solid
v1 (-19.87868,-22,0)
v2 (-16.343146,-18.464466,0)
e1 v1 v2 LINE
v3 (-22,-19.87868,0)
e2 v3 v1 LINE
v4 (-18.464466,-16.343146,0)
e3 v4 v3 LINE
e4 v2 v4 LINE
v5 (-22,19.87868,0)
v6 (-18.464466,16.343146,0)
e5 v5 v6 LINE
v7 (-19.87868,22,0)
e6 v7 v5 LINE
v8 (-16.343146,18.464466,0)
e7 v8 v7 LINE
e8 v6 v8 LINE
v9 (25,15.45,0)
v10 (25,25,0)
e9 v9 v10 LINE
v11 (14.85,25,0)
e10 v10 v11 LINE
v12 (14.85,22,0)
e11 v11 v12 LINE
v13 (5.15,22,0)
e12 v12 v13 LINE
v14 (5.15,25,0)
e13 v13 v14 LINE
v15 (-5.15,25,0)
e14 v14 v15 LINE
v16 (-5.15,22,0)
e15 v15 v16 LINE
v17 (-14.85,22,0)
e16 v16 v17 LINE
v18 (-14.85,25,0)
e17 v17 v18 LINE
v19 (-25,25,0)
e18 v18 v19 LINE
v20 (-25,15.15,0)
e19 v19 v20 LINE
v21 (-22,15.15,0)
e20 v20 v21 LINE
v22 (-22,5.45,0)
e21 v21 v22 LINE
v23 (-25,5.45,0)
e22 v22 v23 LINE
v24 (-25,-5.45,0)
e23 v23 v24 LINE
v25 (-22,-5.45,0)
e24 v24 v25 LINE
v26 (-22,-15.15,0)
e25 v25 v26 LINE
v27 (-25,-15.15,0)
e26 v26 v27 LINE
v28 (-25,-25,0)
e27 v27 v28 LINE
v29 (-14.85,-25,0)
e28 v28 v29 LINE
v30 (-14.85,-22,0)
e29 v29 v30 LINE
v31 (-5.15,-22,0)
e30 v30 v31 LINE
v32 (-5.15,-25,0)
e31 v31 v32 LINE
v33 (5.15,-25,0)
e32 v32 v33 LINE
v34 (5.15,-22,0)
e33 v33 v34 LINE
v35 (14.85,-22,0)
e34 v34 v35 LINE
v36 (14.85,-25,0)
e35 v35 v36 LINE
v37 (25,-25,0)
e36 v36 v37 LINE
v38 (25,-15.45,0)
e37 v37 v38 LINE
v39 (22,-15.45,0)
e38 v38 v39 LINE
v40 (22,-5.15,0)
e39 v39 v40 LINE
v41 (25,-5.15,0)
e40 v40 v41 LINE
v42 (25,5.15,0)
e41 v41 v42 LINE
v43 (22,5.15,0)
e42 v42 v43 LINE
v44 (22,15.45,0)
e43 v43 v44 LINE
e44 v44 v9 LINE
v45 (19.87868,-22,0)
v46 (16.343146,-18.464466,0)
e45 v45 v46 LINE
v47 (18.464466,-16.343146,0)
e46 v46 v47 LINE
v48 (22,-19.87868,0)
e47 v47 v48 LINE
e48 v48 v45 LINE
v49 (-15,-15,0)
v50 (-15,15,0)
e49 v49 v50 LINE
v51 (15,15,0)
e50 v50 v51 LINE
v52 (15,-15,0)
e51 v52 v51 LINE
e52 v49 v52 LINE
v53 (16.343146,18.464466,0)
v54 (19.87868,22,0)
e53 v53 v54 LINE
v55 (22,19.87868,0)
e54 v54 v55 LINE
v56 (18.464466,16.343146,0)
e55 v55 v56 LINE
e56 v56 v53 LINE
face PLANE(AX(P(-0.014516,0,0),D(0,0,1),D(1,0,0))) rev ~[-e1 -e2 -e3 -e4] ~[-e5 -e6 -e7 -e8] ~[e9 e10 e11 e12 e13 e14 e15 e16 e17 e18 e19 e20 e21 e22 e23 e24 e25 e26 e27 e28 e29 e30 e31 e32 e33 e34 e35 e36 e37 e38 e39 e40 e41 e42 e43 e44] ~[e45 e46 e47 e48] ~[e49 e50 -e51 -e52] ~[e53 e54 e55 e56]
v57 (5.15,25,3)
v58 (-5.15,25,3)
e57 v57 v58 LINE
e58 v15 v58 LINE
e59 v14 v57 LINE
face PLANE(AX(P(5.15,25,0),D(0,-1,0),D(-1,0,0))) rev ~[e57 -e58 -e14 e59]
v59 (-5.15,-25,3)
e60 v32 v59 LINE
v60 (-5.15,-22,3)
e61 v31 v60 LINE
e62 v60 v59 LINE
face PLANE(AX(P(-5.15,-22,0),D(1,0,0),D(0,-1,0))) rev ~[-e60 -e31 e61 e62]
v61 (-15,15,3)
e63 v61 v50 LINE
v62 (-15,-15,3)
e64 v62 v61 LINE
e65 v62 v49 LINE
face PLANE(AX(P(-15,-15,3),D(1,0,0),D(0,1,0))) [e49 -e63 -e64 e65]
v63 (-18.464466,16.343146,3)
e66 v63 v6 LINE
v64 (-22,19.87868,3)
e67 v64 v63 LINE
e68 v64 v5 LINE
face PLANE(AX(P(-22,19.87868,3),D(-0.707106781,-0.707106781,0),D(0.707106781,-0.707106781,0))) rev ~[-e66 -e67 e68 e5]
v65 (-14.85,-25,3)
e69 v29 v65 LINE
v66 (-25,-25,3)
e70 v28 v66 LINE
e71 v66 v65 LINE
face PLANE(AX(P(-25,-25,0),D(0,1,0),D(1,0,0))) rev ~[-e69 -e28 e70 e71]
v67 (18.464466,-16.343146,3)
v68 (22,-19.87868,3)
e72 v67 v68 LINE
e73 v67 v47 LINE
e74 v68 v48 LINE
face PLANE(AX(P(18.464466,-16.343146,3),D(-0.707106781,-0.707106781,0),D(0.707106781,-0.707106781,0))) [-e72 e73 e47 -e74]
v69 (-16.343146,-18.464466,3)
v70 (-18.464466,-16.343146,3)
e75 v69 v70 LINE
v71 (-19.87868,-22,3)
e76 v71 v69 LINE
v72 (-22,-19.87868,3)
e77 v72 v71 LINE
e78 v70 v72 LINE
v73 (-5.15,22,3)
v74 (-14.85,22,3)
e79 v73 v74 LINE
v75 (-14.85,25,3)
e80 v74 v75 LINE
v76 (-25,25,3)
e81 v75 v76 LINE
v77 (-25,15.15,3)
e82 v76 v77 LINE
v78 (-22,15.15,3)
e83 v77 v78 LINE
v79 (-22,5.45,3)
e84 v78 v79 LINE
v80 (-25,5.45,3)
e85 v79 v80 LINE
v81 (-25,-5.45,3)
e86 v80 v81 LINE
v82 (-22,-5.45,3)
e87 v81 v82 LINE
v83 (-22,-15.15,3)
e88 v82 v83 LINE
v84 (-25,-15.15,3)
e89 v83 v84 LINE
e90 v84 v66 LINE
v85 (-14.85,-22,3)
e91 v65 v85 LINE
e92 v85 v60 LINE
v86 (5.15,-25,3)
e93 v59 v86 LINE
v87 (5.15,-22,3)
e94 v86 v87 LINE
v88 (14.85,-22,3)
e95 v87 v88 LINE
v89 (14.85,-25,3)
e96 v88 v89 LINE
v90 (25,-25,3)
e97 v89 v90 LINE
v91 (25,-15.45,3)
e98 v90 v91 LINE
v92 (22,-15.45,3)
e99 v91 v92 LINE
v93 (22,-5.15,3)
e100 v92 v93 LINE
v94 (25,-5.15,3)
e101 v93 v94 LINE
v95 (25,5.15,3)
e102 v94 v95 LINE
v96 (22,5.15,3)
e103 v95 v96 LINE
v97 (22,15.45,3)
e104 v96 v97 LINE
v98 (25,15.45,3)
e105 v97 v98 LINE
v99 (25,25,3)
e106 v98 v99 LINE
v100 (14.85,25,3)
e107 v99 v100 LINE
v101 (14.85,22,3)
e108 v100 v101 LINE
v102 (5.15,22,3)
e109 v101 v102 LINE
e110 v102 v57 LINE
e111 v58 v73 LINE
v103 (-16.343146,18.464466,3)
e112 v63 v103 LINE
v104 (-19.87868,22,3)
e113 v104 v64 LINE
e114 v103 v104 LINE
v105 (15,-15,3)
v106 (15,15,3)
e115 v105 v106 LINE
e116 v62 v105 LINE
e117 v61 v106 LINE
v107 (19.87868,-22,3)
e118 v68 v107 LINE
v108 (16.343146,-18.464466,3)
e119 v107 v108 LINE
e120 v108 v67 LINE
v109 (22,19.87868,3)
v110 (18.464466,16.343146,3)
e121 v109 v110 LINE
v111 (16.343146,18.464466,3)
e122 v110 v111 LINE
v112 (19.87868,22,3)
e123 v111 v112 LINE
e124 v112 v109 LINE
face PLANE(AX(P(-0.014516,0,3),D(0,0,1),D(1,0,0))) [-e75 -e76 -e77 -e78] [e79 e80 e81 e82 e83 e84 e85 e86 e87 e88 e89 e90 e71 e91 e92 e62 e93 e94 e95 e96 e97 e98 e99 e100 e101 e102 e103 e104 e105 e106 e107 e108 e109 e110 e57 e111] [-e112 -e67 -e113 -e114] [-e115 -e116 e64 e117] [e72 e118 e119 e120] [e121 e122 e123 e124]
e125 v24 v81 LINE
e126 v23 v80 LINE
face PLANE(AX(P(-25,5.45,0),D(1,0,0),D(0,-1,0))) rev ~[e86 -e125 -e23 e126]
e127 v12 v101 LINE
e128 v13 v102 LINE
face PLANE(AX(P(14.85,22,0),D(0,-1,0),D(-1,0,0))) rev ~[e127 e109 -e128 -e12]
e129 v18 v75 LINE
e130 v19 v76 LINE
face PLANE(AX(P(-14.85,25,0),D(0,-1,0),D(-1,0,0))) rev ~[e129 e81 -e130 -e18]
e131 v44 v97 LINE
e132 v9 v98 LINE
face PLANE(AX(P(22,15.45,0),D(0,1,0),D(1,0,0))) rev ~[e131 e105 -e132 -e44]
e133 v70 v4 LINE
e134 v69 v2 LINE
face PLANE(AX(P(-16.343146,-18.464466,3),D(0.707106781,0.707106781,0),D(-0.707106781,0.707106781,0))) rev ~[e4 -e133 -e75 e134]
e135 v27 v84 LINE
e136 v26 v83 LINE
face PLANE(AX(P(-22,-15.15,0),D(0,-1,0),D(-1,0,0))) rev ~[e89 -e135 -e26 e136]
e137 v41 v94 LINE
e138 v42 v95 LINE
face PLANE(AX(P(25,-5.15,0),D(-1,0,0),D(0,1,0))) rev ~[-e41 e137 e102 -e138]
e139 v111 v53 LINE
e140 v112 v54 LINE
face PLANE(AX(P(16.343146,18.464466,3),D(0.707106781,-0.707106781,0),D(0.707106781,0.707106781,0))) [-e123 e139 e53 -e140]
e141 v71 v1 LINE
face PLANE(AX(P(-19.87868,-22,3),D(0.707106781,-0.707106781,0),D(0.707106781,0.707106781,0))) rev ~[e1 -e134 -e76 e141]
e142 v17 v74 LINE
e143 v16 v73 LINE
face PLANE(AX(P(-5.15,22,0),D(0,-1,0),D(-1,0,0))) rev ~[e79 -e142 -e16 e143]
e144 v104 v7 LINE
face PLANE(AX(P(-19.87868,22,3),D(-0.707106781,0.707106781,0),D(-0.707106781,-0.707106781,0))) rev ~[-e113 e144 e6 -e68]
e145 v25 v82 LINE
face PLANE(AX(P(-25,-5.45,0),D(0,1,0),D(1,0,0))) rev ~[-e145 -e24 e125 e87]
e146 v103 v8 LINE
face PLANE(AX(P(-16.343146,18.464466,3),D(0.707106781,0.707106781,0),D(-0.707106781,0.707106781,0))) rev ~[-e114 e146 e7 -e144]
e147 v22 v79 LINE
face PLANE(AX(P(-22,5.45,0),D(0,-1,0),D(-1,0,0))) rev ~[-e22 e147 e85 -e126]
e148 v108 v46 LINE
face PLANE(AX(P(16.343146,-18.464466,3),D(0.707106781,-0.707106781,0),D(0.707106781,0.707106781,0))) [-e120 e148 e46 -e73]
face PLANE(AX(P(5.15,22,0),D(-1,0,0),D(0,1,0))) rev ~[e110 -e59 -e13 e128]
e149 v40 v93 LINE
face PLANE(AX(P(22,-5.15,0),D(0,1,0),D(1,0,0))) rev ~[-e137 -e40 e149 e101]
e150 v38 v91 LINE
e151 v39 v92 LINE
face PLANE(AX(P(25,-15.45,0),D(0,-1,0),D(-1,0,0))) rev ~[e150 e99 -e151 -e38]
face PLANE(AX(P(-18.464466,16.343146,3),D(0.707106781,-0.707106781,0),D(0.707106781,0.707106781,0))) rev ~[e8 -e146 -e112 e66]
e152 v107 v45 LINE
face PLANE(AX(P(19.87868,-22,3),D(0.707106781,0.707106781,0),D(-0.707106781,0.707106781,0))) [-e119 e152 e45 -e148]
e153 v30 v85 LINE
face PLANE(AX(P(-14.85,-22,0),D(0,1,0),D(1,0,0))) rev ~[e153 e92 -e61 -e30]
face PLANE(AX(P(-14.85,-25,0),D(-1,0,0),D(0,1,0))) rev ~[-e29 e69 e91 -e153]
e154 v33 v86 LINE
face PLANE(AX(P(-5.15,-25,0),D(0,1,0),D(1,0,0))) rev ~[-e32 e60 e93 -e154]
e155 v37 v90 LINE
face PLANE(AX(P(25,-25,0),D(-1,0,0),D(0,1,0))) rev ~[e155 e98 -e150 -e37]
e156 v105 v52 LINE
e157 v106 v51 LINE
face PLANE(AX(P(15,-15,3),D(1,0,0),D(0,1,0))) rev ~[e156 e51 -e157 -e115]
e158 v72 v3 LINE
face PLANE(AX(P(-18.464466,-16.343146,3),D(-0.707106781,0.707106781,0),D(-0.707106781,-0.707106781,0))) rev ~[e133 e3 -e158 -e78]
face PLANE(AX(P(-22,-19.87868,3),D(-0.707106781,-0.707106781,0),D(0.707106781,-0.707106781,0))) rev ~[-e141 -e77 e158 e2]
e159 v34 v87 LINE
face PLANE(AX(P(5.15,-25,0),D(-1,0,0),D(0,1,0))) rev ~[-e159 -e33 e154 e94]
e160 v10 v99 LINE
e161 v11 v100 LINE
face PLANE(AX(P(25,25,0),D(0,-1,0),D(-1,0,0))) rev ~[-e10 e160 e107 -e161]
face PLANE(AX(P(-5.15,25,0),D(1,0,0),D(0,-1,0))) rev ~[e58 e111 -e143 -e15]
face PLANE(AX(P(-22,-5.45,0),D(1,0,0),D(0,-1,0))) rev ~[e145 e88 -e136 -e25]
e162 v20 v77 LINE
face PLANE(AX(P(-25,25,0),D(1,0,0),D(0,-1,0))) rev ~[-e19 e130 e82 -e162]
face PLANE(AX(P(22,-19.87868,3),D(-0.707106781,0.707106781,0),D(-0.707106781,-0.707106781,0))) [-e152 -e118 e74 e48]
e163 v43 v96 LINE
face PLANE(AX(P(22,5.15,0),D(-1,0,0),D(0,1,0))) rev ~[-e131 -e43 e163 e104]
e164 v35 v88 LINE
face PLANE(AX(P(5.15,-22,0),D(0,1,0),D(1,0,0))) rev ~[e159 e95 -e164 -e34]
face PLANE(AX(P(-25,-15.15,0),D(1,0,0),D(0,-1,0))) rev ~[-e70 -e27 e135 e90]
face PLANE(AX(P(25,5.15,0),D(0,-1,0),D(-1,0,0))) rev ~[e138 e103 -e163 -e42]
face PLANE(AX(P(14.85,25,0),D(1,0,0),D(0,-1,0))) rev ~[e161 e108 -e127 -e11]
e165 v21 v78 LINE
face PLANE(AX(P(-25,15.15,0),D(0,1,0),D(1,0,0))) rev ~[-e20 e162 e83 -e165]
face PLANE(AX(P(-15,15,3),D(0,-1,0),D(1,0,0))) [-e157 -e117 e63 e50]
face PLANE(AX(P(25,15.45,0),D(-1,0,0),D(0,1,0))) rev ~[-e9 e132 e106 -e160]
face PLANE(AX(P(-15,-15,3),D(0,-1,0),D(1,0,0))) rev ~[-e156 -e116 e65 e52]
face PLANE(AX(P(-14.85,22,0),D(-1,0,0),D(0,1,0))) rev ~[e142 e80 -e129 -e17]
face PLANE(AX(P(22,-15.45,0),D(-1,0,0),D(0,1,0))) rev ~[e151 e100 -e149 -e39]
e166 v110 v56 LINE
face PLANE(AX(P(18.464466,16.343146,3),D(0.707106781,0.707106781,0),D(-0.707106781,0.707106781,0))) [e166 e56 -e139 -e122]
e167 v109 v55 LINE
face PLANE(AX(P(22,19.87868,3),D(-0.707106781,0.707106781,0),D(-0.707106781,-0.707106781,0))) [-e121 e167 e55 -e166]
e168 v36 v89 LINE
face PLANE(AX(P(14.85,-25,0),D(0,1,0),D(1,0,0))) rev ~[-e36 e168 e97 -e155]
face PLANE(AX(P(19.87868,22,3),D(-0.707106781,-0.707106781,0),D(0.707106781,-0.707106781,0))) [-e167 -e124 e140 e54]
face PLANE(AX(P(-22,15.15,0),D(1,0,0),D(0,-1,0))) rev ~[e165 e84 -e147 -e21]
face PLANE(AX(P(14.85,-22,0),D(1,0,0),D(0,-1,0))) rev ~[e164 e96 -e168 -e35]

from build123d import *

# Parameters (mm, degrees)
SALIENTE_EXTRUIR1_DEPTH = 3
CROQUIS2_W              = 30
CROQUIS2_H              = 30
CORTAR_EXTRUIR2_DEPTH   = 3
CORTAR_EXTRUIR3_DEPTH   = 3


with BuildPart() as part:
    # Croquis1 → Saliente-Extruir1 (new body)
    with BuildSketch(Plane.XY):
        Polygon((-25, -25), (-14.85, -25), (-14.85, -22), (-5.15, -22), (-5.15, -25), (5.15, -25), (5.15, -22), (14.85, -22), (14.85, -25), (25, -25), (25, -15.45), (22, -15.45), (22, -5.15), (25, -5.15), (25, 5.15), (22, 5.15), (22, 15.45), (25, 15.45), (25, 25), (14.85, 25), (14.85, 22), (5.15, 22), (5.15, 25), (-5.15, 25), (-5.15, 22), (-14.85, 22), (-14.85, 25), (-25, 25), (-25, 15.15), (-22, 15.15), (-22, 5.45), (-25, 5.45), (-25, -5.45), (-22, -5.45), (-22, -15.15), (-25, -15.15), align=None)
    extrude(amount=SALIENTE_EXTRUIR1_DEPTH)

    # Croquis2 → Cortar-Extruir2 (cut)
    with BuildSketch(Plane.XY.offset(3)):
        Rectangle(CROQUIS2_W, CROQUIS2_H)
    extrude(amount=-CORTAR_EXTRUIR2_DEPTH, mode=Mode.SUBTRACT)

    # Croquis3 → Cortar-Extruir3 (cut)
    with BuildSketch(Plane.XY.offset(3)):
        Polygon((-19.878679656, -22), (-16.343145751, -18.464466094), (-18.464466094, -16.343145751), (-22, -19.878679656), align=None)
        Polygon((16.343145751, -18.464466094), (18.464466094, -16.343145751), (22, -19.878679656), (19.878679656, -22), align=None)
        Polygon((22, 19.878679656), (18.464466094, 16.343145751), (16.343145751, 18.464466094), (19.878679656, 22), align=None)
        Polygon((-22, 19.878679656), (-18.464466094, 16.343145751), (-16.343145751, 18.464466094), (-19.878679656, 22), align=None)
    extrude(amount=-CORTAR_EXTRUIR3_DEPTH, mode=Mode.SUBTRACT)


solid = part.part
